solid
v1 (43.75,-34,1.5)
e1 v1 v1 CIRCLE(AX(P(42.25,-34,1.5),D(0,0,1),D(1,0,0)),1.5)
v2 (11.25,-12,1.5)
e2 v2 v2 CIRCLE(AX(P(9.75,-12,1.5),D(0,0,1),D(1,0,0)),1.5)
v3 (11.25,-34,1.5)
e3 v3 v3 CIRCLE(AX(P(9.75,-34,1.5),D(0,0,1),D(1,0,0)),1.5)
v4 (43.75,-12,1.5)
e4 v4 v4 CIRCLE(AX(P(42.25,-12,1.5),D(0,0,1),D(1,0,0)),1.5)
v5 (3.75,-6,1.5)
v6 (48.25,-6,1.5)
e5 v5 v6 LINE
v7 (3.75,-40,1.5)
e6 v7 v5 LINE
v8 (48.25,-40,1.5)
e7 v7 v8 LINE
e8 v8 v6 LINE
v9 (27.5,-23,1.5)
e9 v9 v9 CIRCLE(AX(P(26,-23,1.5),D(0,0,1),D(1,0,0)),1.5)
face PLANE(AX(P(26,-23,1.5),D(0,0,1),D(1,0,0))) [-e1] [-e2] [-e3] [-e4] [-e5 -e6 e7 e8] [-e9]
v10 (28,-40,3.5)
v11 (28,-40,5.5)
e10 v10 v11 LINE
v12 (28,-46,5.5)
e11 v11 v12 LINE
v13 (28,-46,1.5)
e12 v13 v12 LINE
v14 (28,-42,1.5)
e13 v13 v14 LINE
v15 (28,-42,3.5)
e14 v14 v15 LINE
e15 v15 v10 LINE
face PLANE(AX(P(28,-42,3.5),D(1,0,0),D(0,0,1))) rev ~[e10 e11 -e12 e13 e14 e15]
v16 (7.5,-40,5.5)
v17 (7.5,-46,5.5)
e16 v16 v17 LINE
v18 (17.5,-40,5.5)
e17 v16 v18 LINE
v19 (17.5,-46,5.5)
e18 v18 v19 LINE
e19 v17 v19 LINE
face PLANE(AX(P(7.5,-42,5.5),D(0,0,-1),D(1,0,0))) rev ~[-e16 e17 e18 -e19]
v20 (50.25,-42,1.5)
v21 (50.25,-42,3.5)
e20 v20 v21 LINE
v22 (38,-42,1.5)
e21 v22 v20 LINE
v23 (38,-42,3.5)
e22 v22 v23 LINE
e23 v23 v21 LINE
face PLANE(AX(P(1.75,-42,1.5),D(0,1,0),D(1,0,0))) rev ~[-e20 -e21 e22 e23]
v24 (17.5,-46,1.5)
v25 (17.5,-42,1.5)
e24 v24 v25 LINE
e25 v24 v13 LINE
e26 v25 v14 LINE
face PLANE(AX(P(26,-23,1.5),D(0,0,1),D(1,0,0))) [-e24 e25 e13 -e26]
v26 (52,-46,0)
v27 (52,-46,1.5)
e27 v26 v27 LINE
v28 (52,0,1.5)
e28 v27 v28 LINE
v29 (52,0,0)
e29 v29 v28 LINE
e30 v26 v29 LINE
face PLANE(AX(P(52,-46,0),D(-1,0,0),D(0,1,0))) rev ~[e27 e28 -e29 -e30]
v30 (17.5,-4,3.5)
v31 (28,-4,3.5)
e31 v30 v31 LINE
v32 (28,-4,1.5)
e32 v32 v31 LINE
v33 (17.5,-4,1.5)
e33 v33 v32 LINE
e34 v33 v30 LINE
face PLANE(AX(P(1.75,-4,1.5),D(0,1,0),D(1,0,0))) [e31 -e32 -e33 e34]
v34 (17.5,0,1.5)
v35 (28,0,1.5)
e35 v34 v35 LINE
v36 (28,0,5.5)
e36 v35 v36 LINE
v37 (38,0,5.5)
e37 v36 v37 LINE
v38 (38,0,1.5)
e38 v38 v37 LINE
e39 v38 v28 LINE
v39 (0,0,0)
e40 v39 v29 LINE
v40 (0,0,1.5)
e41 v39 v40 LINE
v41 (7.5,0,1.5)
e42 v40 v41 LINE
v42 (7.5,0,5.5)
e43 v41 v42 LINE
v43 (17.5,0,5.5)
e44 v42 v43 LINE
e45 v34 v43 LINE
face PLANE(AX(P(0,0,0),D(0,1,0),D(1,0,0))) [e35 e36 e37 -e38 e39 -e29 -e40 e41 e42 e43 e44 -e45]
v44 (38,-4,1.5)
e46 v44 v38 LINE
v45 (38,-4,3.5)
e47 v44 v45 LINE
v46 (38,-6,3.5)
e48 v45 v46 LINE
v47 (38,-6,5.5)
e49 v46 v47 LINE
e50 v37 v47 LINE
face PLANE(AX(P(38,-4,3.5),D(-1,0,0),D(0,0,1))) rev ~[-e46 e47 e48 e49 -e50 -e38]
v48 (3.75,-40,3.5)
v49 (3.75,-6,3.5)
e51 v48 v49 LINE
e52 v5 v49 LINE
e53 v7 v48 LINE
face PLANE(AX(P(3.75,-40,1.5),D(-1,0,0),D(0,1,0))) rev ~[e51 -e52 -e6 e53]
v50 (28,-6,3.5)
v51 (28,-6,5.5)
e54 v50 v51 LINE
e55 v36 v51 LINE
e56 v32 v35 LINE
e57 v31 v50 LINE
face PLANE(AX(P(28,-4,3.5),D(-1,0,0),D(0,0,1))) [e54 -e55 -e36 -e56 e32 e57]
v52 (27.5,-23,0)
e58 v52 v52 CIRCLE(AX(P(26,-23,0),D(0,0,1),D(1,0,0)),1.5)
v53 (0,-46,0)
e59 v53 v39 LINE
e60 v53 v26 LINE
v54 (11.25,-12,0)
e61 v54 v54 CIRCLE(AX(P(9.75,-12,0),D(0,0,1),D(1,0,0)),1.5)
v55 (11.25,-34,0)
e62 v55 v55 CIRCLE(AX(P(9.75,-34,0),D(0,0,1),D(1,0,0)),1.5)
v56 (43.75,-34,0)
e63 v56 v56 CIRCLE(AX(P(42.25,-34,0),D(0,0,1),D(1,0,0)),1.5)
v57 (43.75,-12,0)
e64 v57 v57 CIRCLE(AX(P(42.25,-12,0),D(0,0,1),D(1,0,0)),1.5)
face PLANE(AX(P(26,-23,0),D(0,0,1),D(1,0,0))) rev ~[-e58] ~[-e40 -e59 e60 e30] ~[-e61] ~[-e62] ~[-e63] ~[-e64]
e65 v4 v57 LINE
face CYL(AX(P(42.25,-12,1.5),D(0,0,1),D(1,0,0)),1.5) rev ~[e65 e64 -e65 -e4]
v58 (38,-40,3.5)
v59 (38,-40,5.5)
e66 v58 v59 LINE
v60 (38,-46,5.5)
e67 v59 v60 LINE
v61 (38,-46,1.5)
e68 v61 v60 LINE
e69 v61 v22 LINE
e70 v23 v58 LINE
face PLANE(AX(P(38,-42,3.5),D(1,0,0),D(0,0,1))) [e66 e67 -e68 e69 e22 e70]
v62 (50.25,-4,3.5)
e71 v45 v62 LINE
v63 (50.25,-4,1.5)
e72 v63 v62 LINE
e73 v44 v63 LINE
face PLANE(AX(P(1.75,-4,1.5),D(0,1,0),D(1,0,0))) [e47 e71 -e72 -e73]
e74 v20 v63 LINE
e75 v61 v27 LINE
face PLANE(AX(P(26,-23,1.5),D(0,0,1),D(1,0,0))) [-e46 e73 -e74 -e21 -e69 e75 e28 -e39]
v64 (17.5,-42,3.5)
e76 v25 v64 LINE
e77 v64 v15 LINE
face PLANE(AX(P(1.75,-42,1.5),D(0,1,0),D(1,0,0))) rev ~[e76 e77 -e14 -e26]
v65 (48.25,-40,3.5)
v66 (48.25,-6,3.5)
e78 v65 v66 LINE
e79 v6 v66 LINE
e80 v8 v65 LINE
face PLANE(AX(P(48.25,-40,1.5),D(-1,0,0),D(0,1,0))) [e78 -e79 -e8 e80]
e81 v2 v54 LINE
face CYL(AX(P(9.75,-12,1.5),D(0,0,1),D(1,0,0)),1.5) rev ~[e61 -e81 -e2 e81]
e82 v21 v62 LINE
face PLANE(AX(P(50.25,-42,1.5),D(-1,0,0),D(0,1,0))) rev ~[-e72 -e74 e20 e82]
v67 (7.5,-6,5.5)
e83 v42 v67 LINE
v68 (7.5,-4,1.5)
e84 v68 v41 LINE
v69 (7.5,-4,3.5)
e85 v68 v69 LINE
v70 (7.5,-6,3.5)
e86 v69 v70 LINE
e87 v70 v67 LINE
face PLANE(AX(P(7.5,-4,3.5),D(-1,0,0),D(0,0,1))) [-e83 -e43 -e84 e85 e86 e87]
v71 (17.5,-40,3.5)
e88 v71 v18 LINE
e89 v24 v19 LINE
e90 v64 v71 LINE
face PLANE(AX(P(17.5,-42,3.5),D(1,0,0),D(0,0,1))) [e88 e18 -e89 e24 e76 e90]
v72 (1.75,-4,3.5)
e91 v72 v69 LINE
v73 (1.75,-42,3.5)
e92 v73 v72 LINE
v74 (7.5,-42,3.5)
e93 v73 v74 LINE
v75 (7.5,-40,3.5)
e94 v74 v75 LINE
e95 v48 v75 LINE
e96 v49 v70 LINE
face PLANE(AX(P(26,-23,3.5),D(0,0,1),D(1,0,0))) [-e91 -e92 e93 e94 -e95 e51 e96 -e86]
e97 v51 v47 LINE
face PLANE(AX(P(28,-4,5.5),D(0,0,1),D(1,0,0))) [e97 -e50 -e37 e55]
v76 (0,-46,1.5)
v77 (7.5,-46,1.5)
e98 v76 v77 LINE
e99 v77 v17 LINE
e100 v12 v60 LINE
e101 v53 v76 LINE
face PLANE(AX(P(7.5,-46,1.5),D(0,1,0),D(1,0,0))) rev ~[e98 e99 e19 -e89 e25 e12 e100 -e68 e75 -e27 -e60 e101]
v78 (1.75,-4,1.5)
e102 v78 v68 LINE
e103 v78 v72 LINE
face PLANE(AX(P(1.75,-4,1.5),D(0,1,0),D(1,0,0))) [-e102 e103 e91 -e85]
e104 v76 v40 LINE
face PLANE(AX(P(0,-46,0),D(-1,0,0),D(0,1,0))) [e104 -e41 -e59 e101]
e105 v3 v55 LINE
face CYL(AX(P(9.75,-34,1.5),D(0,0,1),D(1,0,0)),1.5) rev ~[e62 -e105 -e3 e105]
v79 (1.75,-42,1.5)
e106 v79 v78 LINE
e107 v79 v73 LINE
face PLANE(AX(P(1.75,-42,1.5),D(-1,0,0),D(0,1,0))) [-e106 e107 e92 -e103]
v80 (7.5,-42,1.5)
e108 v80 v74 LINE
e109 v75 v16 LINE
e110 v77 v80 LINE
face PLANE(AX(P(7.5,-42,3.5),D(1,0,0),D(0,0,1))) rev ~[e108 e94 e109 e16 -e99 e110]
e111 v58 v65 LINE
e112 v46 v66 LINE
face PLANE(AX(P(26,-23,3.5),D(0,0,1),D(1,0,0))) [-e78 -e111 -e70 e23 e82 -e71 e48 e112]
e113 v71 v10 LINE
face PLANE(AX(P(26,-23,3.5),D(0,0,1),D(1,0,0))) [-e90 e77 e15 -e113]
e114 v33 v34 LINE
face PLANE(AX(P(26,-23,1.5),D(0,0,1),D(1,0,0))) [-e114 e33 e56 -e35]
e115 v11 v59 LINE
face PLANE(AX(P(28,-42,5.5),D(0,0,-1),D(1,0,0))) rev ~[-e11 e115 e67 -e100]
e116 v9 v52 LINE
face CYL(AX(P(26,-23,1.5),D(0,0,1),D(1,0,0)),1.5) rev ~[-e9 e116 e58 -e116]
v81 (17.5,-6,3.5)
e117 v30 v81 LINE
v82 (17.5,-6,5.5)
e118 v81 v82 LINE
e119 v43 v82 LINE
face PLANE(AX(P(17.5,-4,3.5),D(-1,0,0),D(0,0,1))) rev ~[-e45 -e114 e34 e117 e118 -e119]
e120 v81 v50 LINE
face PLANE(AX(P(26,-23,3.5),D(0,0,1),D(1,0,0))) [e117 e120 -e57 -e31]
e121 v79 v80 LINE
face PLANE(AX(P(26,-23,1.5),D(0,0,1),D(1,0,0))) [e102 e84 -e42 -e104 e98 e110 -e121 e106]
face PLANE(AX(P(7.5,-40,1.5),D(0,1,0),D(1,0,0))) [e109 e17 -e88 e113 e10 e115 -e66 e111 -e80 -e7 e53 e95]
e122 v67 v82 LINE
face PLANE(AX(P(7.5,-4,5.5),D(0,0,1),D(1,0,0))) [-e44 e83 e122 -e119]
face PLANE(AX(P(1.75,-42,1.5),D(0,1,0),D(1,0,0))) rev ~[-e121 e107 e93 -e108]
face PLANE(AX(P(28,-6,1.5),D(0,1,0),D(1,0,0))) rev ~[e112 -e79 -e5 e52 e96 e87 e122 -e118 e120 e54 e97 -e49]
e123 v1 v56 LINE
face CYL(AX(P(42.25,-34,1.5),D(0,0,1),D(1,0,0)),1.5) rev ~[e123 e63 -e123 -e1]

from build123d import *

# Parameters (mm, degrees)
F0_W      = 52
F0_H      = 46
F1_DEPTH  = 1.5
F2_W      = 48.5
F2_H      = 38
F2_W_2    = 44.5
F2_H_2    = 34
F3_DEPTH  = 2
F4_W      = 10
F4_H      = 4
F5_DEPTH  = 4
F6_R      = 1.5
F7_DEPTH  = 25
F8_DEPTH  = 2
F9_DEPTH  = 2
F10_DEPTH = 2
F11_DEPTH = 2


with BuildPart() as f1:
    # F0 (on Top) → F1 (new body)
    with BuildSketch(Plane.XY):
        with Locations((26, -23)):
            Rectangle(F0_W, F0_H)
    extrude(amount=F1_DEPTH)

    # F2 (on face) → F3 (join)
    with BuildSketch(Plane.XY.offset(1.5)):
        with Locations((26, -23)):
            Rectangle(F2_W, F2_H)
        with Locations((26, -23)):
            Rectangle(F2_W_2, F2_H_2, mode=Mode.SUBTRACT)
    extrude(amount=F3_DEPTH)

    # F4 (on face) → F5 (join)
    with BuildSketch(Plane.XY.offset(1.5)):
        with Locations((12.5, -44)):
            Rectangle(F4_W, F4_H)
        with Locations((33, -44)):
            Rectangle(F4_W, F4_H)
        with Locations((33, -2)):
            Rectangle(F4_W, F4_H)
        with Locations((12.5, -2)):
            Rectangle(F4_W, F4_H)
    extrude(amount=F5_DEPTH)

    # F6 (on face) → F7 (cut)
    with BuildSketch(Plane.XY.offset(1.5)):
        with Locations((9.75, -12)):
            Circle(F6_R)
        with Locations((42.25, -12)):
            Circle(F6_R)
        with Locations((26, -23)):
            Circle(F6_R)
        with Locations((9.75, -34)):
            Circle(F6_R)
        with Locations((42.25, -34)):
            Circle(F6_R)
    extrude(amount=-F7_DEPTH, mode=Mode.SUBTRACT)

    # F8 (add, through all): a face of the model
    f8_faces = [f1.faces().sort_by_distance(p)[0] for p in [
        (12.5, -4, 4.5),
    ]]
    extrude(f8_faces, amount=F8_DEPTH)

    # F9 (add, through all): a face of the model
    f9_faces = [f1.faces().sort_by_distance(p)[0] for p in [
        (33, -4, 4.5),
    ]]
    extrude(f9_faces, amount=F9_DEPTH)

    # F10 (add, through all): a face of the model
    f10_faces = [f1.faces().sort_by_distance(p)[0] for p in [
        (33, -42, 4.5),
    ]]
    extrude(f10_faces, amount=F10_DEPTH)

    # F11 (add, through all): a face of the model
    f11_faces = [f1.faces().sort_by_distance(p)[0] for p in [
        (12.5, -42, 4.5),
    ]]
    extrude(f11_faces, amount=F11_DEPTH)


solid = f1.part
